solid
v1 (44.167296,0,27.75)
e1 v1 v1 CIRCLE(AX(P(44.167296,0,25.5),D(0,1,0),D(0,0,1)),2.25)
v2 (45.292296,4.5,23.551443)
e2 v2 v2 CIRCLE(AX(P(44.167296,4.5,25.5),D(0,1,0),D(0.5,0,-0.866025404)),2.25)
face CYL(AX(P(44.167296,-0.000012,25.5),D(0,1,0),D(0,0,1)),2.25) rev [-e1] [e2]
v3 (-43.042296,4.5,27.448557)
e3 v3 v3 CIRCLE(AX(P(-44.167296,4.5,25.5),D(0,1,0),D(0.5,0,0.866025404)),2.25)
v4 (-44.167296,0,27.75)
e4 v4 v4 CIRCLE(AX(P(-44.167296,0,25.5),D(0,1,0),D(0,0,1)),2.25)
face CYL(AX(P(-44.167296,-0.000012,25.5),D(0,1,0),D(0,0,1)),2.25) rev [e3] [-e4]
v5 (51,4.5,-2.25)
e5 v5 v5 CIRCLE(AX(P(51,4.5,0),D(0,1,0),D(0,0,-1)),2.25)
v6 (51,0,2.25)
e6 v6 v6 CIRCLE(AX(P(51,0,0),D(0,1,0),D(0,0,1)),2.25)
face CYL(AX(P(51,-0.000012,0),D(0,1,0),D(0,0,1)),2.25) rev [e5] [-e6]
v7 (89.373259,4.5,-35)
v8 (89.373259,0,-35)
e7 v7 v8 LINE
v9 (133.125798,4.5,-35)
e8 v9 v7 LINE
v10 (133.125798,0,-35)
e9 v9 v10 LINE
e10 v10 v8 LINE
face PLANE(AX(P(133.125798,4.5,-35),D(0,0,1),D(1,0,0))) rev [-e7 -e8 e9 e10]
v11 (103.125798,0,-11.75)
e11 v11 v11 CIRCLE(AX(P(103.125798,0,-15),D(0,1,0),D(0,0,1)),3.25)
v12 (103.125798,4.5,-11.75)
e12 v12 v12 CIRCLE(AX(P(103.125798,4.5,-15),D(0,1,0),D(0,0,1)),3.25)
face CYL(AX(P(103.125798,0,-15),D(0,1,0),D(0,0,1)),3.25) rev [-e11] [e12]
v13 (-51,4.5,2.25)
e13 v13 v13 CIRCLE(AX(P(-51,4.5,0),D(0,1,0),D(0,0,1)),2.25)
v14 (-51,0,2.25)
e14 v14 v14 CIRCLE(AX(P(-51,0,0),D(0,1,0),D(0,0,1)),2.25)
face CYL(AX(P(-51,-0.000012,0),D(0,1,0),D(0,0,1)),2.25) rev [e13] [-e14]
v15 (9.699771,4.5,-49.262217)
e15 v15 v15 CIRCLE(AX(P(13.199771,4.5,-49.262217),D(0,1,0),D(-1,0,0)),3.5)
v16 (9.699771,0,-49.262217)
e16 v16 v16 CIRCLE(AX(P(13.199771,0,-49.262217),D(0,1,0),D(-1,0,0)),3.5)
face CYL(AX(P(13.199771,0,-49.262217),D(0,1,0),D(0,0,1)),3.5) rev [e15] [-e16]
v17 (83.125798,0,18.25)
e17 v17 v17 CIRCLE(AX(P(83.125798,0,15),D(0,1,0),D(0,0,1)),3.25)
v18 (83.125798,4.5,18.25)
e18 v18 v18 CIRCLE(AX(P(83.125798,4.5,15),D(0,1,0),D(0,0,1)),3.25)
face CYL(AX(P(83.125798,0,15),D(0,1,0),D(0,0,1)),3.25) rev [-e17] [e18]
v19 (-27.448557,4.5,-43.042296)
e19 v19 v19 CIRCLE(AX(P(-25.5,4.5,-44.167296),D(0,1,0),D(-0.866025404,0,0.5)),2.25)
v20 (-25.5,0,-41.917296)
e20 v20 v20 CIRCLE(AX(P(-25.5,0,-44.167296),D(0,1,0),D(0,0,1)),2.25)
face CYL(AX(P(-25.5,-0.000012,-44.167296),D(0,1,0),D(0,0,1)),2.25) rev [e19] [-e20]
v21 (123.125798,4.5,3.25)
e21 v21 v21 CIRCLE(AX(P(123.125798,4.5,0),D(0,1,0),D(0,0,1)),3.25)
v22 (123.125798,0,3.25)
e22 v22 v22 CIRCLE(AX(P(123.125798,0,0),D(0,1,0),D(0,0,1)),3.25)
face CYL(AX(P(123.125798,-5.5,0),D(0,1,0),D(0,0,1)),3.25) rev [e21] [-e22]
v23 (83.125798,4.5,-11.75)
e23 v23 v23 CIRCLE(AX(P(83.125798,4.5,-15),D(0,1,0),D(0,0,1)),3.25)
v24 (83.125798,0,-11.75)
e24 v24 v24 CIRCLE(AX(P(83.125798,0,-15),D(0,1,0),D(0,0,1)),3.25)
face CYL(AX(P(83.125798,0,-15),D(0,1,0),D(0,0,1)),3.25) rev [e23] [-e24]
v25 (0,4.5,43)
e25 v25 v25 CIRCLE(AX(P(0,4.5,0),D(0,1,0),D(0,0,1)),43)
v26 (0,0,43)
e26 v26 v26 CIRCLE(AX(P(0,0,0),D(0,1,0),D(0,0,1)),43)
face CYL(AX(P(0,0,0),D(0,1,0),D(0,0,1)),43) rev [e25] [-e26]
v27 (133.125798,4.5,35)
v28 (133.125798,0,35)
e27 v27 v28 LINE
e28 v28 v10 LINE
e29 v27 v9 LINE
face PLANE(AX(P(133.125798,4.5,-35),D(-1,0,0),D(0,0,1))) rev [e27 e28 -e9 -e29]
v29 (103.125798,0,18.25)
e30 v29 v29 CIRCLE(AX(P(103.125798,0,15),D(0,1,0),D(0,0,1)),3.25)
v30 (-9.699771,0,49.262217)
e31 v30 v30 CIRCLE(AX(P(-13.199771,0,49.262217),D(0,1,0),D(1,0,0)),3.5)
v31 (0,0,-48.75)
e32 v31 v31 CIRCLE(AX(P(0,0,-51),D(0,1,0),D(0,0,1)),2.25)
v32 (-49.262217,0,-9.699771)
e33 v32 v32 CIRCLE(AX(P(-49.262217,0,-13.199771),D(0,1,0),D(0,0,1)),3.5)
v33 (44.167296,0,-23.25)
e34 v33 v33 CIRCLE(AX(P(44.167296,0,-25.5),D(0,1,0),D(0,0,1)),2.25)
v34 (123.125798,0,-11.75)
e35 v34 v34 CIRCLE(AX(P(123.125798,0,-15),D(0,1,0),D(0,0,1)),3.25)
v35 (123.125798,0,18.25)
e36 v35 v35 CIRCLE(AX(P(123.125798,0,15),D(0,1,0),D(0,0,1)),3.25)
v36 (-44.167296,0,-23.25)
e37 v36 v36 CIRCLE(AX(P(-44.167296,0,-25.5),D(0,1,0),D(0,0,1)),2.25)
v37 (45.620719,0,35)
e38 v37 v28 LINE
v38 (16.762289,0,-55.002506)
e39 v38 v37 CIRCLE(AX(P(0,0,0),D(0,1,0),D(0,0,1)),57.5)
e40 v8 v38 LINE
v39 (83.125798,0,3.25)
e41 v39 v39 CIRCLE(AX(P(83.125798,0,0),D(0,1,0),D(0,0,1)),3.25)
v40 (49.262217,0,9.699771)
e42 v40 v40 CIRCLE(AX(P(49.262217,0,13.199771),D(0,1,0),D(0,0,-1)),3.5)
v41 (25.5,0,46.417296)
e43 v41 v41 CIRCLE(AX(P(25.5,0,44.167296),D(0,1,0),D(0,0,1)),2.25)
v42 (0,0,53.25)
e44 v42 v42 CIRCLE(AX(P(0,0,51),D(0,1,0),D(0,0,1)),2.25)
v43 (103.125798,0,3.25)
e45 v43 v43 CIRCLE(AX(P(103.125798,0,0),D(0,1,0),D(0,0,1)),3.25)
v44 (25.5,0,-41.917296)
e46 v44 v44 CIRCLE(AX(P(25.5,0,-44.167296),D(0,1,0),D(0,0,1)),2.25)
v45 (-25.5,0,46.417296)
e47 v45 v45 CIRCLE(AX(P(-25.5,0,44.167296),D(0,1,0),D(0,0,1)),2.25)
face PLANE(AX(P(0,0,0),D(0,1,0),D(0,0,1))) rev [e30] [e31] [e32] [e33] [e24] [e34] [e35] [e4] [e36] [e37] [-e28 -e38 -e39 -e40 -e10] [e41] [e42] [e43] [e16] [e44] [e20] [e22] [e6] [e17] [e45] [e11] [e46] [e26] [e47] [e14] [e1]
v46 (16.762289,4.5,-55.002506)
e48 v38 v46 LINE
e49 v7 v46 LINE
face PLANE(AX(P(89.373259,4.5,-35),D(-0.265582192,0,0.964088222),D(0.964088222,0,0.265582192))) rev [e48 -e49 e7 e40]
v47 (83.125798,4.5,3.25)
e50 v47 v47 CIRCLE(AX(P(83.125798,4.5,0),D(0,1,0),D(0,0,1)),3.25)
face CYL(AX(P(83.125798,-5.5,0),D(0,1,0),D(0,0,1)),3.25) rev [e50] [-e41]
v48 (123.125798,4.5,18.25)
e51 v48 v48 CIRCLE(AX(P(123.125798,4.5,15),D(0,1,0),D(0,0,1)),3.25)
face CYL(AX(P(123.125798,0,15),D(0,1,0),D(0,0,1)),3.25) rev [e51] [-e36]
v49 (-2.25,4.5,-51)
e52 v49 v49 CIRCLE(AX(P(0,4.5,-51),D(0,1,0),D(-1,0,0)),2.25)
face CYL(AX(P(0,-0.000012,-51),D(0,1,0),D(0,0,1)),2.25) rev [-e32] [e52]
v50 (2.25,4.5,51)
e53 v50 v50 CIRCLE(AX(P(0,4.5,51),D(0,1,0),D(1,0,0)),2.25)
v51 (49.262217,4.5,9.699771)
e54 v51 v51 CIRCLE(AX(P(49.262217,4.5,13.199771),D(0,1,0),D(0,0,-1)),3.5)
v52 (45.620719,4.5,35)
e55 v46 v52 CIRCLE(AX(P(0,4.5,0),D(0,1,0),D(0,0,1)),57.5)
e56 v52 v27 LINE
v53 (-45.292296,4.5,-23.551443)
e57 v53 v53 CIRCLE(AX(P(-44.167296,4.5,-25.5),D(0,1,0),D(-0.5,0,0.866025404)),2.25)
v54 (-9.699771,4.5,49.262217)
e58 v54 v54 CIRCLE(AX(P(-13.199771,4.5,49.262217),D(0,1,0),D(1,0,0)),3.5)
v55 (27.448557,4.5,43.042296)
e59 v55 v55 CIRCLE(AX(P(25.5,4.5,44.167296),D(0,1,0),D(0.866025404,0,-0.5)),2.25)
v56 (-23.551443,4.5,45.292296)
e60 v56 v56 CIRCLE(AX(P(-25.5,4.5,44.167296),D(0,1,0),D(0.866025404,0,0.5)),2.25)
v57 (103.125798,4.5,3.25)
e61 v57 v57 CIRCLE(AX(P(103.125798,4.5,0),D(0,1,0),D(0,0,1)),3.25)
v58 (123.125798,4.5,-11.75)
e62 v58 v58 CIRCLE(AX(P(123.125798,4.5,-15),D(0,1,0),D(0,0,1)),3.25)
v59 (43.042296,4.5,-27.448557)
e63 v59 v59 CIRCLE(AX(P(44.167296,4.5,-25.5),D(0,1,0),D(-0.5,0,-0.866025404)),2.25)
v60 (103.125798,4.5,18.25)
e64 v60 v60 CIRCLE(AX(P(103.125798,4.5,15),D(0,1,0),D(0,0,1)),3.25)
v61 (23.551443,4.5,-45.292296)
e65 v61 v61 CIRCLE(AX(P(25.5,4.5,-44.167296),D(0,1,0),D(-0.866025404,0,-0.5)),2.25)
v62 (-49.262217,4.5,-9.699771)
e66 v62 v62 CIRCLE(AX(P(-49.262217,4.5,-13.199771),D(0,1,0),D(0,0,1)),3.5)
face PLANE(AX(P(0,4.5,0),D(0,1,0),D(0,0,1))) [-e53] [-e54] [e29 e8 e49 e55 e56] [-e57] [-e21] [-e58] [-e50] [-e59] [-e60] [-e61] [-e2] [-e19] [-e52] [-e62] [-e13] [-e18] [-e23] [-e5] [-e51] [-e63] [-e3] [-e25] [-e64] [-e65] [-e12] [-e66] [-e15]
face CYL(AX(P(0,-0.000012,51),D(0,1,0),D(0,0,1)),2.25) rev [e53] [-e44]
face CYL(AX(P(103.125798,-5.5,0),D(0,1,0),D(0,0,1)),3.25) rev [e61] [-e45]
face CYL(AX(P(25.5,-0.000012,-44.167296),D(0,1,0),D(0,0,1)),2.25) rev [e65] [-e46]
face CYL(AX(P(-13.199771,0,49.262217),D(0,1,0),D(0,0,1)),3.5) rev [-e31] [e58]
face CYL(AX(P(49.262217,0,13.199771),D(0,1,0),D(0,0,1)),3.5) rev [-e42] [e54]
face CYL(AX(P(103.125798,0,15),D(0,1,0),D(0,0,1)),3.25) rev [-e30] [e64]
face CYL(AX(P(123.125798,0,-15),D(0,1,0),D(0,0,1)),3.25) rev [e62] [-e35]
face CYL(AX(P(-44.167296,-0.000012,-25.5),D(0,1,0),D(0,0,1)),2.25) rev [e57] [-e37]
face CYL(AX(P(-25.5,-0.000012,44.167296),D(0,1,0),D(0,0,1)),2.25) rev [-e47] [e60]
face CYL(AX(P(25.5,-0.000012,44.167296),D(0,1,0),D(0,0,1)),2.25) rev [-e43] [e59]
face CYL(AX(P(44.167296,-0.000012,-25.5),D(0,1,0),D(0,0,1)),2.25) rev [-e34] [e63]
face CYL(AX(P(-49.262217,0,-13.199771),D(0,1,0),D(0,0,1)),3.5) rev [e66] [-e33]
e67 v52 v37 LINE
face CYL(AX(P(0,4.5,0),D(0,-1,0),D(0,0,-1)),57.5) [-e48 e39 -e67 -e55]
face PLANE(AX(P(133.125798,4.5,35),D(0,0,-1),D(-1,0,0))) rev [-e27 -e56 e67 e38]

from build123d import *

# Parameters (mm, degrees)
SKETCH1_R           = 57.5
BOSS_EXTRUDE1_DEPTH = 4.5
SKETCH2_W           = 140
SKETCH2_H           = 70
BOSS_EXTRUDE2_DEPTH = 4.5
BOSS_EXTRUDE3_DEPTH = 4.5
SKETCH4_R           = 43
CUT_EXTRUDE1_DEPTH  = 5.5
SKETCH7_R           = 3.25
CUT_EXTRUDE8_DEPTH  = 5.5
LPATTERN1_COUNT     = 3
LPATTERN1_PITCH     = 20
CUT_EXTRUDE5_START  = -1
SKETCH5_R           = 2.25
CUT_EXTRUDE5_DEPTH  = 6.5
CIRPATTERN1_COUNT   = 12
SKETCH12_R          = 3.5
CUT_EXTRUDE17_DEPTH = 5.5
CIRPATTERN2_COUNT   = 4
SKETCH13_R          = 3.25
CUT_EXTRUDE18_DEPTH = 10
LPATTERN2_COUNT     = 3
LPATTERN2_PITCH     = 20


with BuildPart() as part:
    # Sketch1 → Boss-Extrude1 (new body)
    with BuildSketch(Plane(origin=(0, 0, 0), x_dir=(1, 0, 0), z_dir=(0, 1, 0))):
        Circle(SKETCH1_R)
    extrude(amount=BOSS_EXTRUDE1_DEPTH)

    # Sketch2 → Boss-Extrude2 (add)
    with BuildSketch(Plane(origin=(0, 0, 0), x_dir=(1, 0, 0), z_dir=(0, 1, 0))):
        with Locations((63.125798099, 0)):
            Rectangle(SKETCH2_W, SKETCH2_H)
    extrude(amount=BOSS_EXTRUDE2_DEPTH)

    # Sketch3 → Boss-Extrude3 (add)
    with BuildSketch(Plane(origin=(0, 0, 0), x_dir=(1, 0, 0), z_dir=(0, 1, 0))):
        Polygon((89.373258538, 35), (13.76852627, 55.827212758), (13.76852627, 13.558751548), align=None)
    extrude(amount=BOSS_EXTRUDE3_DEPTH)

    # Sketch4 → Cut-Extrude1 (cut, through all)
    with BuildSketch(Plane(origin=(0, 4.5, 0), x_dir=(1, 0, 0), z_dir=(0, 1, 0))):
        Circle(SKETCH4_R)
    extrude(amount=-CUT_EXTRUDE1_DEPTH, mode=Mode.SUBTRACT)

    # Sketch7 → Cut-Extrude8 (cut, through all)
    with BuildSketch(Plane(origin=(0, 4.5, 0), x_dir=(1, 0, 0), z_dir=(0, 1, 0))):
        with Locations((123.125798099, 15)):
            Circle(SKETCH7_R)
        with Locations((123.125798099, -15)):
            Circle(SKETCH7_R)
    cut_extrude8 = extrude(amount=-CUT_EXTRUDE8_DEPTH, mode=Mode.SUBTRACT)

    # LPattern1: Cut-Extrude8 ×3
    with Locations(*[(-i * LPATTERN1_PITCH, 0, 0) for i in range(1, LPATTERN1_COUNT)]):
        add(cut_extrude8, mode=Mode.SUBTRACT)

    # Sketch5 → Cut-Extrude5 (cut)
    with BuildSketch(Plane(origin=(0, 0, 0), x_dir=(1, 0, 0), z_dir=(0, 1, 0)).offset(CUT_EXTRUDE5_START)):
        with Locations((-51, 0)):
            Circle(SKETCH5_R)
    cut_extrude5 = extrude(amount=CUT_EXTRUDE5_DEPTH, mode=Mode.SUBTRACT)

    # CirPattern1: Cut-Extrude5 ×12 about axis
    cirpattern1_axis = Axis((0, 0, 0), (0, 1, 0))
    for i in range(1, CIRPATTERN1_COUNT):
        add(cut_extrude5.rotate(cirpattern1_axis, i * 360 / CIRPATTERN1_COUNT), mode=Mode.SUBTRACT)

    # Sketch12 → Cut-Extrude17 (cut, through all)
    with BuildSketch(Plane(origin=(0, 4.5, 0), x_dir=(1, 0, 0), z_dir=(0, 1, 0))):
        with Locations((-49.262217141, 13.1997713)):
            Circle(SKETCH12_R)
    cut_extrude17 = extrude(amount=-CUT_EXTRUDE17_DEPTH, mode=Mode.SUBTRACT)

    # CirPattern2: Cut-Extrude17 ×4 about axis
    cirpattern2_axis = Axis((0, 0, 0), (0, 1, 0))
    for i in range(1, CIRPATTERN2_COUNT):
        add(cut_extrude17.rotate(cirpattern2_axis, i * 360 / CIRPATTERN2_COUNT), mode=Mode.SUBTRACT)

    # Sketch13 → Cut-Extrude18 (cut)
    with BuildSketch(Plane(origin=(0, 4.5, 0), x_dir=(1, 0, 0), z_dir=(0, 1, 0))):
        with Locations((123.125798099, 0)):
            Circle(SKETCH13_R)
    cut_extrude18 = extrude(amount=-CUT_EXTRUDE18_DEPTH, mode=Mode.SUBTRACT)

    # LPattern2: Cut-Extrude18 ×3
    with Locations(*[(-i * LPATTERN2_PITCH, 0, 0) for i in range(1, LPATTERN2_COUNT)]):
        add(cut_extrude18, mode=Mode.SUBTRACT)


solid = part.part
